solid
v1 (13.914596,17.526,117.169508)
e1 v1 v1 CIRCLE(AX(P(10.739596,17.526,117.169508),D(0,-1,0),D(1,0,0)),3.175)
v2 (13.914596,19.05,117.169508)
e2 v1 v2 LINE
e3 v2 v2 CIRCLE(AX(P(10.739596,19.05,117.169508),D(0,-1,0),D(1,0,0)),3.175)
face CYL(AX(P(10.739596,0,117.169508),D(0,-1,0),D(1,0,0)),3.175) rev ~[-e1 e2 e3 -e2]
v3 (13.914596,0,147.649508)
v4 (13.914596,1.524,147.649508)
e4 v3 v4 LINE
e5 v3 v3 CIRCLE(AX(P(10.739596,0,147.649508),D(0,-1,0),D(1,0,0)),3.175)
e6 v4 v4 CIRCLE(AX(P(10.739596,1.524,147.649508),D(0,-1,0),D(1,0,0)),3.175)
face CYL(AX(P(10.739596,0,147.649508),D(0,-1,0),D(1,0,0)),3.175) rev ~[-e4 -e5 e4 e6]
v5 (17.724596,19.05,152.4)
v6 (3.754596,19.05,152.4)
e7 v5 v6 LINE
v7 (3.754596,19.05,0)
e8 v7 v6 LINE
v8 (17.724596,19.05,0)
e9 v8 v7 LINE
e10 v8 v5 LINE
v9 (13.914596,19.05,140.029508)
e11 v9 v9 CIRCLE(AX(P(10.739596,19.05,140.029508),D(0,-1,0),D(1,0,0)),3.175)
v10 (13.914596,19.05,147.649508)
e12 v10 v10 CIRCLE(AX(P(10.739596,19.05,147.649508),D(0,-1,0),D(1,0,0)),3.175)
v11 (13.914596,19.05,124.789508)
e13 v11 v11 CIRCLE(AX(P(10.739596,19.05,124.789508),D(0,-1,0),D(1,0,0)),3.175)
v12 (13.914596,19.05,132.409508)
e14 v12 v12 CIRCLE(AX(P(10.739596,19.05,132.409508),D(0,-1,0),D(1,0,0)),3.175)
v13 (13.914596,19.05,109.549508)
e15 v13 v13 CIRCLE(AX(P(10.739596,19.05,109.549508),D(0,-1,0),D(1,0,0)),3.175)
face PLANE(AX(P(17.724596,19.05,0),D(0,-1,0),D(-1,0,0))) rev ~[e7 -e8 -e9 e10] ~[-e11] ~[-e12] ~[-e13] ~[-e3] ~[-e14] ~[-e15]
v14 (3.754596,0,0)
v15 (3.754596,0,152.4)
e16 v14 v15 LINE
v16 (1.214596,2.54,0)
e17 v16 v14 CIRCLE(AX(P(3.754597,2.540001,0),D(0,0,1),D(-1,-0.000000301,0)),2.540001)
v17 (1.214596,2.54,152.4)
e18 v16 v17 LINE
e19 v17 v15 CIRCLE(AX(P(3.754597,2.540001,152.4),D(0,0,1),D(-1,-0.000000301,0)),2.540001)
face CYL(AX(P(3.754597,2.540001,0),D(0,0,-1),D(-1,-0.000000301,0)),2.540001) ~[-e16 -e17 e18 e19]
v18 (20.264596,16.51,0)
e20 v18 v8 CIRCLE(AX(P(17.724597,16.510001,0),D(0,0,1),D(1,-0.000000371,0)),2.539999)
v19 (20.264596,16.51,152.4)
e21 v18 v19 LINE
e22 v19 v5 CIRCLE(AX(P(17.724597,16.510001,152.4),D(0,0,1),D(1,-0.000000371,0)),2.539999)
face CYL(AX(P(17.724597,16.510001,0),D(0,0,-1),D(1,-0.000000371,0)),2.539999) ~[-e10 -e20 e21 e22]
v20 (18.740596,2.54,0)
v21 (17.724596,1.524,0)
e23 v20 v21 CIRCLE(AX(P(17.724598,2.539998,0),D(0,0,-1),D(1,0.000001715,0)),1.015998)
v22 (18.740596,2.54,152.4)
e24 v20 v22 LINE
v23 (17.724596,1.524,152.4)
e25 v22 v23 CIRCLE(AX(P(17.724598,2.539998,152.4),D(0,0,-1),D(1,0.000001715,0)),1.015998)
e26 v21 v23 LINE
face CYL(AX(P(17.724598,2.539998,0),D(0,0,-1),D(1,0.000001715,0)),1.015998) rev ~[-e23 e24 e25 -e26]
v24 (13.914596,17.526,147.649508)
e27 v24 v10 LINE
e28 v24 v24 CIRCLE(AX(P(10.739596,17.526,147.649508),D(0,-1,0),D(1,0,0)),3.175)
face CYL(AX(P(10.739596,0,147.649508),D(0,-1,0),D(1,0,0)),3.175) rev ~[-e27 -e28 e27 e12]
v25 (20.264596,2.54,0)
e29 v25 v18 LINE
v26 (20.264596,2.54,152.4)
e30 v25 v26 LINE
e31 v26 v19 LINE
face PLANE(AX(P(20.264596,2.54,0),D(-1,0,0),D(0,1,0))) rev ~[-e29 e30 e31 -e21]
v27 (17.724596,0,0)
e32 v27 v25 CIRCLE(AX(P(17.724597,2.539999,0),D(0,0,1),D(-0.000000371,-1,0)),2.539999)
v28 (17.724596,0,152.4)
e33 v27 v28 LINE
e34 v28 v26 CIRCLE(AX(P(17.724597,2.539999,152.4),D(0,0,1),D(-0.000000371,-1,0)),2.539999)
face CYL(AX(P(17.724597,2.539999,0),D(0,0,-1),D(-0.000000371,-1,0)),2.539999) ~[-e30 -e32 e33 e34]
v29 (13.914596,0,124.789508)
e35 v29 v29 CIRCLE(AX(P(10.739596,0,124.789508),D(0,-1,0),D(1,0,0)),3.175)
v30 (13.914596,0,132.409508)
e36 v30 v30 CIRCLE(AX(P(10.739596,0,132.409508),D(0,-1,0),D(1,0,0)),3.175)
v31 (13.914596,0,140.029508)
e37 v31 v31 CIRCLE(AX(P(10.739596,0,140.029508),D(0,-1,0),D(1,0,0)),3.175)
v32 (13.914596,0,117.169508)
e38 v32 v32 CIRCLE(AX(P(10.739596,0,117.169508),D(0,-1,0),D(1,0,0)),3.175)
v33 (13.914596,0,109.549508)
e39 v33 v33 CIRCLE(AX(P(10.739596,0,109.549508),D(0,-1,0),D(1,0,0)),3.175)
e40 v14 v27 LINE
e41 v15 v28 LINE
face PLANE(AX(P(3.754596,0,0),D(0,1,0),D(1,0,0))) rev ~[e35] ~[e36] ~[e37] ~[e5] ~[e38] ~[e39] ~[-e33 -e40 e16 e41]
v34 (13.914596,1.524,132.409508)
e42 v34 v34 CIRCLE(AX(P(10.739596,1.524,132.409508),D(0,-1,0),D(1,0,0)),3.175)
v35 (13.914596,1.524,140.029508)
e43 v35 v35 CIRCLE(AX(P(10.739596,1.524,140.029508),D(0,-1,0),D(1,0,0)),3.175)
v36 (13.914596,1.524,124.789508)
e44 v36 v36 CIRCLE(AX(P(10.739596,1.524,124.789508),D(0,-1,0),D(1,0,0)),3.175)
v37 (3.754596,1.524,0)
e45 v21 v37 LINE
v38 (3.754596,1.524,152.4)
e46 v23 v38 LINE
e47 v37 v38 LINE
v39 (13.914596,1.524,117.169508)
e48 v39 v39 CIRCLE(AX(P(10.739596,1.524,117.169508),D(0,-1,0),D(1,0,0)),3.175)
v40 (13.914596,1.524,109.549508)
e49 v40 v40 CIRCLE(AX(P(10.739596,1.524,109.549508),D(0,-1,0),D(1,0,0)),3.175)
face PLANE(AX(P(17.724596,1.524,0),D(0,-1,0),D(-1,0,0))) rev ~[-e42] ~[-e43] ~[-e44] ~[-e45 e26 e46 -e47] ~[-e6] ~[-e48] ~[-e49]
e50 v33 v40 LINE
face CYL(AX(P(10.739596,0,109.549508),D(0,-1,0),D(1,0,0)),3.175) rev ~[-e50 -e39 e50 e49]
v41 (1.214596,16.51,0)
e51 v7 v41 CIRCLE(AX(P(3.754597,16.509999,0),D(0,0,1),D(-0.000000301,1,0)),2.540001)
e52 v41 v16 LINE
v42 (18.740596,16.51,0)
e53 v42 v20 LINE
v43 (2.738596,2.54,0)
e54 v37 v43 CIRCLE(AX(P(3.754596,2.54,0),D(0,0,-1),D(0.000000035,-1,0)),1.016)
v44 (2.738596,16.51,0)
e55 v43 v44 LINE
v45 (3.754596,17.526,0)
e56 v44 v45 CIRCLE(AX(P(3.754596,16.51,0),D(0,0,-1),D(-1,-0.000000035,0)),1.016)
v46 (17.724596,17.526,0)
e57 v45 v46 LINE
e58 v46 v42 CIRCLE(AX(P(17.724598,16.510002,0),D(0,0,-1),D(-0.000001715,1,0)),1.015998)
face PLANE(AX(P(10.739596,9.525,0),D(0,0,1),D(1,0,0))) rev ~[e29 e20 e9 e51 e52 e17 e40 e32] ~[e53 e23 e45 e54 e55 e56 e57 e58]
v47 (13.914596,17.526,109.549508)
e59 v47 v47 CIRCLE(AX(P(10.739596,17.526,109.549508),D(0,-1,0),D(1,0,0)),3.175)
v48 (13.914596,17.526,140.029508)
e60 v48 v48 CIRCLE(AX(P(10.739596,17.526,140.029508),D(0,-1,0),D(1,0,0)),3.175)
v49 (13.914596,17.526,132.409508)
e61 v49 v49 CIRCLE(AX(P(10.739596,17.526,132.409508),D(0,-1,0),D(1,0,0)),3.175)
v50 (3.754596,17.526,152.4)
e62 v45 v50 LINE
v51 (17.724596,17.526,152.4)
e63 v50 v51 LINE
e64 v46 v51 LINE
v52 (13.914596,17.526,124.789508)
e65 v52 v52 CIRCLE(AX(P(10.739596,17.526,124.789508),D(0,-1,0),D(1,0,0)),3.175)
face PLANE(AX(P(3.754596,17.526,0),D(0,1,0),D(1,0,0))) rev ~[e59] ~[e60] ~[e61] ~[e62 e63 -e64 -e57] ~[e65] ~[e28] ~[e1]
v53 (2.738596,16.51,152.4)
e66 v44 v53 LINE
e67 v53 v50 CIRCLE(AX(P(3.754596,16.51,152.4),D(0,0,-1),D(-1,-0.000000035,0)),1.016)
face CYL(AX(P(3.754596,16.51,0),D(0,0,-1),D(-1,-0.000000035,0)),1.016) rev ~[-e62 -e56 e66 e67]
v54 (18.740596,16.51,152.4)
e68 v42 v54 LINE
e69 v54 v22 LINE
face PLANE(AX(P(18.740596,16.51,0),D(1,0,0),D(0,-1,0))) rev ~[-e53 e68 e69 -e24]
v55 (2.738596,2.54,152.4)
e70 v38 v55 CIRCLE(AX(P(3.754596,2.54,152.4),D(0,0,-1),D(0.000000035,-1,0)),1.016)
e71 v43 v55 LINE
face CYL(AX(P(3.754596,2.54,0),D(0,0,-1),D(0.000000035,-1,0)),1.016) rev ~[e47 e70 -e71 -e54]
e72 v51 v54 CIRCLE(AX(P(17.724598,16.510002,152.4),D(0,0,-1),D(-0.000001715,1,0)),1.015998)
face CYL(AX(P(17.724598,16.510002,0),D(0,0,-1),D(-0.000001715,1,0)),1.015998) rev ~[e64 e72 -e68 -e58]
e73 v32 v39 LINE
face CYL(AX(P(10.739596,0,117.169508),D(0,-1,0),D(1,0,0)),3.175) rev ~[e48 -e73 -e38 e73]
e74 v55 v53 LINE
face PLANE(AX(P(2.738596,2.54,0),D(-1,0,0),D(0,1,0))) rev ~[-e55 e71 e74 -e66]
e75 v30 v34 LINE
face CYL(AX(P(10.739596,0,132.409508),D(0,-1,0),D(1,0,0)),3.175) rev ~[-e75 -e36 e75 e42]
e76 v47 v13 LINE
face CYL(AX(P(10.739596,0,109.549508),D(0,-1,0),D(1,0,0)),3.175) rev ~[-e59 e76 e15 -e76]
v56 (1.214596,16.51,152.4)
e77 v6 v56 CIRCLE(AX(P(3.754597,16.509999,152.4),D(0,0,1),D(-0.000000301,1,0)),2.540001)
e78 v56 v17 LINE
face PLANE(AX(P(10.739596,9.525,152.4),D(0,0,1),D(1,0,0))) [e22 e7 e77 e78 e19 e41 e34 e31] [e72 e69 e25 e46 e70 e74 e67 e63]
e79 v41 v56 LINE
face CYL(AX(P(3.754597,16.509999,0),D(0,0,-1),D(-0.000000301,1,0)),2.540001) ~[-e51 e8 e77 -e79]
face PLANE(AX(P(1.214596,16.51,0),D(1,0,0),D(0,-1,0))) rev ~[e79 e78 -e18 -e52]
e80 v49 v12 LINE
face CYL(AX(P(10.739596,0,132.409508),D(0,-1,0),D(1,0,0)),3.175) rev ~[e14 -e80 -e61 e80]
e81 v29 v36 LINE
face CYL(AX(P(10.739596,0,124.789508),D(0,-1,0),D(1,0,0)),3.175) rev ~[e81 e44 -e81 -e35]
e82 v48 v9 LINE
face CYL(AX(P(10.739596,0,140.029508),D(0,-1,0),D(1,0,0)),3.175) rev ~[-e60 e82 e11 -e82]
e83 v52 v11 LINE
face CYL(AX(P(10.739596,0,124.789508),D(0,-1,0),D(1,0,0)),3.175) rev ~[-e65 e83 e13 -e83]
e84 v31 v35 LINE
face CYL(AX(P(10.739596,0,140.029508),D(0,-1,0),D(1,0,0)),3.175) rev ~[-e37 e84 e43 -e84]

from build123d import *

# Parameters (mm, degrees)
F1_DEPTH = 152.4
F2_R     = 3.175
F3_DEPTH = 25.4


with BuildPart() as f1:
    # F0 (on Top) → F1 (new body)
    with BuildSketch(Plane.XY):
        with BuildLine():
            ThreePointArc((1.214596, 2.54), (1.958545, 0.743949), (3.754596, 0))
            Line((3.754596, 0), (17.724596, 0))
            ThreePointArc((17.724596, 0), (19.520648, 0.743949), (20.264596, 2.54))
            Line((20.264596, 2.54), (20.264596, 16.51))
            ThreePointArc((20.264596, 16.51), (19.520648, 18.306051), (17.724596, 19.05))
            Line((17.724596, 19.05), (3.754596, 19.05))
            ThreePointArc((3.754596, 19.05), (1.958545, 18.306051), (1.214596, 16.51))
            Line((1.214596, 16.51), (1.214596, 2.54))
        make_face()
        with BuildLine():
            ThreePointArc((3.754596, 1.524), (3.036176, 1.821579), (2.738596, 2.54))
            Line((2.738596, 2.54), (2.738596, 16.51))
            ThreePointArc((2.738596, 16.51), (3.036176, 17.228421), (3.754596, 17.526))
            Line((3.754596, 17.526), (17.724596, 17.526))
            ThreePointArc((17.724596, 17.526), (18.443017, 17.228421), (18.740596, 16.51))
            Line((18.740596, 16.51), (18.740596, 2.54))
            ThreePointArc((18.740596, 2.54), (18.443017, 1.821579), (17.724596, 1.524))
            Line((17.724596, 1.524), (3.754596, 1.524))
        make_face(mode=Mode.SUBTRACT)
    extrude(amount=F1_DEPTH)

    # F2 (on face) → F3 (cut)
    with BuildSketch(Plane.XZ):
        with Locations((10.739596, 147.649508)):
            Circle(F2_R)
        with Locations((10.739596, 140.029508)):
            Circle(F2_R)
        with Locations((10.739596, 132.409508)):
            Circle(F2_R)
        with Locations((10.739596, 124.789508)):
            Circle(F2_R)
        with Locations((10.739596, 117.169508)):
            Circle(F2_R)
        with Locations((10.739596, 109.549508)):
            Circle(F2_R)
    extrude(amount=-F3_DEPTH, mode=Mode.SUBTRACT)


solid = f1.part
